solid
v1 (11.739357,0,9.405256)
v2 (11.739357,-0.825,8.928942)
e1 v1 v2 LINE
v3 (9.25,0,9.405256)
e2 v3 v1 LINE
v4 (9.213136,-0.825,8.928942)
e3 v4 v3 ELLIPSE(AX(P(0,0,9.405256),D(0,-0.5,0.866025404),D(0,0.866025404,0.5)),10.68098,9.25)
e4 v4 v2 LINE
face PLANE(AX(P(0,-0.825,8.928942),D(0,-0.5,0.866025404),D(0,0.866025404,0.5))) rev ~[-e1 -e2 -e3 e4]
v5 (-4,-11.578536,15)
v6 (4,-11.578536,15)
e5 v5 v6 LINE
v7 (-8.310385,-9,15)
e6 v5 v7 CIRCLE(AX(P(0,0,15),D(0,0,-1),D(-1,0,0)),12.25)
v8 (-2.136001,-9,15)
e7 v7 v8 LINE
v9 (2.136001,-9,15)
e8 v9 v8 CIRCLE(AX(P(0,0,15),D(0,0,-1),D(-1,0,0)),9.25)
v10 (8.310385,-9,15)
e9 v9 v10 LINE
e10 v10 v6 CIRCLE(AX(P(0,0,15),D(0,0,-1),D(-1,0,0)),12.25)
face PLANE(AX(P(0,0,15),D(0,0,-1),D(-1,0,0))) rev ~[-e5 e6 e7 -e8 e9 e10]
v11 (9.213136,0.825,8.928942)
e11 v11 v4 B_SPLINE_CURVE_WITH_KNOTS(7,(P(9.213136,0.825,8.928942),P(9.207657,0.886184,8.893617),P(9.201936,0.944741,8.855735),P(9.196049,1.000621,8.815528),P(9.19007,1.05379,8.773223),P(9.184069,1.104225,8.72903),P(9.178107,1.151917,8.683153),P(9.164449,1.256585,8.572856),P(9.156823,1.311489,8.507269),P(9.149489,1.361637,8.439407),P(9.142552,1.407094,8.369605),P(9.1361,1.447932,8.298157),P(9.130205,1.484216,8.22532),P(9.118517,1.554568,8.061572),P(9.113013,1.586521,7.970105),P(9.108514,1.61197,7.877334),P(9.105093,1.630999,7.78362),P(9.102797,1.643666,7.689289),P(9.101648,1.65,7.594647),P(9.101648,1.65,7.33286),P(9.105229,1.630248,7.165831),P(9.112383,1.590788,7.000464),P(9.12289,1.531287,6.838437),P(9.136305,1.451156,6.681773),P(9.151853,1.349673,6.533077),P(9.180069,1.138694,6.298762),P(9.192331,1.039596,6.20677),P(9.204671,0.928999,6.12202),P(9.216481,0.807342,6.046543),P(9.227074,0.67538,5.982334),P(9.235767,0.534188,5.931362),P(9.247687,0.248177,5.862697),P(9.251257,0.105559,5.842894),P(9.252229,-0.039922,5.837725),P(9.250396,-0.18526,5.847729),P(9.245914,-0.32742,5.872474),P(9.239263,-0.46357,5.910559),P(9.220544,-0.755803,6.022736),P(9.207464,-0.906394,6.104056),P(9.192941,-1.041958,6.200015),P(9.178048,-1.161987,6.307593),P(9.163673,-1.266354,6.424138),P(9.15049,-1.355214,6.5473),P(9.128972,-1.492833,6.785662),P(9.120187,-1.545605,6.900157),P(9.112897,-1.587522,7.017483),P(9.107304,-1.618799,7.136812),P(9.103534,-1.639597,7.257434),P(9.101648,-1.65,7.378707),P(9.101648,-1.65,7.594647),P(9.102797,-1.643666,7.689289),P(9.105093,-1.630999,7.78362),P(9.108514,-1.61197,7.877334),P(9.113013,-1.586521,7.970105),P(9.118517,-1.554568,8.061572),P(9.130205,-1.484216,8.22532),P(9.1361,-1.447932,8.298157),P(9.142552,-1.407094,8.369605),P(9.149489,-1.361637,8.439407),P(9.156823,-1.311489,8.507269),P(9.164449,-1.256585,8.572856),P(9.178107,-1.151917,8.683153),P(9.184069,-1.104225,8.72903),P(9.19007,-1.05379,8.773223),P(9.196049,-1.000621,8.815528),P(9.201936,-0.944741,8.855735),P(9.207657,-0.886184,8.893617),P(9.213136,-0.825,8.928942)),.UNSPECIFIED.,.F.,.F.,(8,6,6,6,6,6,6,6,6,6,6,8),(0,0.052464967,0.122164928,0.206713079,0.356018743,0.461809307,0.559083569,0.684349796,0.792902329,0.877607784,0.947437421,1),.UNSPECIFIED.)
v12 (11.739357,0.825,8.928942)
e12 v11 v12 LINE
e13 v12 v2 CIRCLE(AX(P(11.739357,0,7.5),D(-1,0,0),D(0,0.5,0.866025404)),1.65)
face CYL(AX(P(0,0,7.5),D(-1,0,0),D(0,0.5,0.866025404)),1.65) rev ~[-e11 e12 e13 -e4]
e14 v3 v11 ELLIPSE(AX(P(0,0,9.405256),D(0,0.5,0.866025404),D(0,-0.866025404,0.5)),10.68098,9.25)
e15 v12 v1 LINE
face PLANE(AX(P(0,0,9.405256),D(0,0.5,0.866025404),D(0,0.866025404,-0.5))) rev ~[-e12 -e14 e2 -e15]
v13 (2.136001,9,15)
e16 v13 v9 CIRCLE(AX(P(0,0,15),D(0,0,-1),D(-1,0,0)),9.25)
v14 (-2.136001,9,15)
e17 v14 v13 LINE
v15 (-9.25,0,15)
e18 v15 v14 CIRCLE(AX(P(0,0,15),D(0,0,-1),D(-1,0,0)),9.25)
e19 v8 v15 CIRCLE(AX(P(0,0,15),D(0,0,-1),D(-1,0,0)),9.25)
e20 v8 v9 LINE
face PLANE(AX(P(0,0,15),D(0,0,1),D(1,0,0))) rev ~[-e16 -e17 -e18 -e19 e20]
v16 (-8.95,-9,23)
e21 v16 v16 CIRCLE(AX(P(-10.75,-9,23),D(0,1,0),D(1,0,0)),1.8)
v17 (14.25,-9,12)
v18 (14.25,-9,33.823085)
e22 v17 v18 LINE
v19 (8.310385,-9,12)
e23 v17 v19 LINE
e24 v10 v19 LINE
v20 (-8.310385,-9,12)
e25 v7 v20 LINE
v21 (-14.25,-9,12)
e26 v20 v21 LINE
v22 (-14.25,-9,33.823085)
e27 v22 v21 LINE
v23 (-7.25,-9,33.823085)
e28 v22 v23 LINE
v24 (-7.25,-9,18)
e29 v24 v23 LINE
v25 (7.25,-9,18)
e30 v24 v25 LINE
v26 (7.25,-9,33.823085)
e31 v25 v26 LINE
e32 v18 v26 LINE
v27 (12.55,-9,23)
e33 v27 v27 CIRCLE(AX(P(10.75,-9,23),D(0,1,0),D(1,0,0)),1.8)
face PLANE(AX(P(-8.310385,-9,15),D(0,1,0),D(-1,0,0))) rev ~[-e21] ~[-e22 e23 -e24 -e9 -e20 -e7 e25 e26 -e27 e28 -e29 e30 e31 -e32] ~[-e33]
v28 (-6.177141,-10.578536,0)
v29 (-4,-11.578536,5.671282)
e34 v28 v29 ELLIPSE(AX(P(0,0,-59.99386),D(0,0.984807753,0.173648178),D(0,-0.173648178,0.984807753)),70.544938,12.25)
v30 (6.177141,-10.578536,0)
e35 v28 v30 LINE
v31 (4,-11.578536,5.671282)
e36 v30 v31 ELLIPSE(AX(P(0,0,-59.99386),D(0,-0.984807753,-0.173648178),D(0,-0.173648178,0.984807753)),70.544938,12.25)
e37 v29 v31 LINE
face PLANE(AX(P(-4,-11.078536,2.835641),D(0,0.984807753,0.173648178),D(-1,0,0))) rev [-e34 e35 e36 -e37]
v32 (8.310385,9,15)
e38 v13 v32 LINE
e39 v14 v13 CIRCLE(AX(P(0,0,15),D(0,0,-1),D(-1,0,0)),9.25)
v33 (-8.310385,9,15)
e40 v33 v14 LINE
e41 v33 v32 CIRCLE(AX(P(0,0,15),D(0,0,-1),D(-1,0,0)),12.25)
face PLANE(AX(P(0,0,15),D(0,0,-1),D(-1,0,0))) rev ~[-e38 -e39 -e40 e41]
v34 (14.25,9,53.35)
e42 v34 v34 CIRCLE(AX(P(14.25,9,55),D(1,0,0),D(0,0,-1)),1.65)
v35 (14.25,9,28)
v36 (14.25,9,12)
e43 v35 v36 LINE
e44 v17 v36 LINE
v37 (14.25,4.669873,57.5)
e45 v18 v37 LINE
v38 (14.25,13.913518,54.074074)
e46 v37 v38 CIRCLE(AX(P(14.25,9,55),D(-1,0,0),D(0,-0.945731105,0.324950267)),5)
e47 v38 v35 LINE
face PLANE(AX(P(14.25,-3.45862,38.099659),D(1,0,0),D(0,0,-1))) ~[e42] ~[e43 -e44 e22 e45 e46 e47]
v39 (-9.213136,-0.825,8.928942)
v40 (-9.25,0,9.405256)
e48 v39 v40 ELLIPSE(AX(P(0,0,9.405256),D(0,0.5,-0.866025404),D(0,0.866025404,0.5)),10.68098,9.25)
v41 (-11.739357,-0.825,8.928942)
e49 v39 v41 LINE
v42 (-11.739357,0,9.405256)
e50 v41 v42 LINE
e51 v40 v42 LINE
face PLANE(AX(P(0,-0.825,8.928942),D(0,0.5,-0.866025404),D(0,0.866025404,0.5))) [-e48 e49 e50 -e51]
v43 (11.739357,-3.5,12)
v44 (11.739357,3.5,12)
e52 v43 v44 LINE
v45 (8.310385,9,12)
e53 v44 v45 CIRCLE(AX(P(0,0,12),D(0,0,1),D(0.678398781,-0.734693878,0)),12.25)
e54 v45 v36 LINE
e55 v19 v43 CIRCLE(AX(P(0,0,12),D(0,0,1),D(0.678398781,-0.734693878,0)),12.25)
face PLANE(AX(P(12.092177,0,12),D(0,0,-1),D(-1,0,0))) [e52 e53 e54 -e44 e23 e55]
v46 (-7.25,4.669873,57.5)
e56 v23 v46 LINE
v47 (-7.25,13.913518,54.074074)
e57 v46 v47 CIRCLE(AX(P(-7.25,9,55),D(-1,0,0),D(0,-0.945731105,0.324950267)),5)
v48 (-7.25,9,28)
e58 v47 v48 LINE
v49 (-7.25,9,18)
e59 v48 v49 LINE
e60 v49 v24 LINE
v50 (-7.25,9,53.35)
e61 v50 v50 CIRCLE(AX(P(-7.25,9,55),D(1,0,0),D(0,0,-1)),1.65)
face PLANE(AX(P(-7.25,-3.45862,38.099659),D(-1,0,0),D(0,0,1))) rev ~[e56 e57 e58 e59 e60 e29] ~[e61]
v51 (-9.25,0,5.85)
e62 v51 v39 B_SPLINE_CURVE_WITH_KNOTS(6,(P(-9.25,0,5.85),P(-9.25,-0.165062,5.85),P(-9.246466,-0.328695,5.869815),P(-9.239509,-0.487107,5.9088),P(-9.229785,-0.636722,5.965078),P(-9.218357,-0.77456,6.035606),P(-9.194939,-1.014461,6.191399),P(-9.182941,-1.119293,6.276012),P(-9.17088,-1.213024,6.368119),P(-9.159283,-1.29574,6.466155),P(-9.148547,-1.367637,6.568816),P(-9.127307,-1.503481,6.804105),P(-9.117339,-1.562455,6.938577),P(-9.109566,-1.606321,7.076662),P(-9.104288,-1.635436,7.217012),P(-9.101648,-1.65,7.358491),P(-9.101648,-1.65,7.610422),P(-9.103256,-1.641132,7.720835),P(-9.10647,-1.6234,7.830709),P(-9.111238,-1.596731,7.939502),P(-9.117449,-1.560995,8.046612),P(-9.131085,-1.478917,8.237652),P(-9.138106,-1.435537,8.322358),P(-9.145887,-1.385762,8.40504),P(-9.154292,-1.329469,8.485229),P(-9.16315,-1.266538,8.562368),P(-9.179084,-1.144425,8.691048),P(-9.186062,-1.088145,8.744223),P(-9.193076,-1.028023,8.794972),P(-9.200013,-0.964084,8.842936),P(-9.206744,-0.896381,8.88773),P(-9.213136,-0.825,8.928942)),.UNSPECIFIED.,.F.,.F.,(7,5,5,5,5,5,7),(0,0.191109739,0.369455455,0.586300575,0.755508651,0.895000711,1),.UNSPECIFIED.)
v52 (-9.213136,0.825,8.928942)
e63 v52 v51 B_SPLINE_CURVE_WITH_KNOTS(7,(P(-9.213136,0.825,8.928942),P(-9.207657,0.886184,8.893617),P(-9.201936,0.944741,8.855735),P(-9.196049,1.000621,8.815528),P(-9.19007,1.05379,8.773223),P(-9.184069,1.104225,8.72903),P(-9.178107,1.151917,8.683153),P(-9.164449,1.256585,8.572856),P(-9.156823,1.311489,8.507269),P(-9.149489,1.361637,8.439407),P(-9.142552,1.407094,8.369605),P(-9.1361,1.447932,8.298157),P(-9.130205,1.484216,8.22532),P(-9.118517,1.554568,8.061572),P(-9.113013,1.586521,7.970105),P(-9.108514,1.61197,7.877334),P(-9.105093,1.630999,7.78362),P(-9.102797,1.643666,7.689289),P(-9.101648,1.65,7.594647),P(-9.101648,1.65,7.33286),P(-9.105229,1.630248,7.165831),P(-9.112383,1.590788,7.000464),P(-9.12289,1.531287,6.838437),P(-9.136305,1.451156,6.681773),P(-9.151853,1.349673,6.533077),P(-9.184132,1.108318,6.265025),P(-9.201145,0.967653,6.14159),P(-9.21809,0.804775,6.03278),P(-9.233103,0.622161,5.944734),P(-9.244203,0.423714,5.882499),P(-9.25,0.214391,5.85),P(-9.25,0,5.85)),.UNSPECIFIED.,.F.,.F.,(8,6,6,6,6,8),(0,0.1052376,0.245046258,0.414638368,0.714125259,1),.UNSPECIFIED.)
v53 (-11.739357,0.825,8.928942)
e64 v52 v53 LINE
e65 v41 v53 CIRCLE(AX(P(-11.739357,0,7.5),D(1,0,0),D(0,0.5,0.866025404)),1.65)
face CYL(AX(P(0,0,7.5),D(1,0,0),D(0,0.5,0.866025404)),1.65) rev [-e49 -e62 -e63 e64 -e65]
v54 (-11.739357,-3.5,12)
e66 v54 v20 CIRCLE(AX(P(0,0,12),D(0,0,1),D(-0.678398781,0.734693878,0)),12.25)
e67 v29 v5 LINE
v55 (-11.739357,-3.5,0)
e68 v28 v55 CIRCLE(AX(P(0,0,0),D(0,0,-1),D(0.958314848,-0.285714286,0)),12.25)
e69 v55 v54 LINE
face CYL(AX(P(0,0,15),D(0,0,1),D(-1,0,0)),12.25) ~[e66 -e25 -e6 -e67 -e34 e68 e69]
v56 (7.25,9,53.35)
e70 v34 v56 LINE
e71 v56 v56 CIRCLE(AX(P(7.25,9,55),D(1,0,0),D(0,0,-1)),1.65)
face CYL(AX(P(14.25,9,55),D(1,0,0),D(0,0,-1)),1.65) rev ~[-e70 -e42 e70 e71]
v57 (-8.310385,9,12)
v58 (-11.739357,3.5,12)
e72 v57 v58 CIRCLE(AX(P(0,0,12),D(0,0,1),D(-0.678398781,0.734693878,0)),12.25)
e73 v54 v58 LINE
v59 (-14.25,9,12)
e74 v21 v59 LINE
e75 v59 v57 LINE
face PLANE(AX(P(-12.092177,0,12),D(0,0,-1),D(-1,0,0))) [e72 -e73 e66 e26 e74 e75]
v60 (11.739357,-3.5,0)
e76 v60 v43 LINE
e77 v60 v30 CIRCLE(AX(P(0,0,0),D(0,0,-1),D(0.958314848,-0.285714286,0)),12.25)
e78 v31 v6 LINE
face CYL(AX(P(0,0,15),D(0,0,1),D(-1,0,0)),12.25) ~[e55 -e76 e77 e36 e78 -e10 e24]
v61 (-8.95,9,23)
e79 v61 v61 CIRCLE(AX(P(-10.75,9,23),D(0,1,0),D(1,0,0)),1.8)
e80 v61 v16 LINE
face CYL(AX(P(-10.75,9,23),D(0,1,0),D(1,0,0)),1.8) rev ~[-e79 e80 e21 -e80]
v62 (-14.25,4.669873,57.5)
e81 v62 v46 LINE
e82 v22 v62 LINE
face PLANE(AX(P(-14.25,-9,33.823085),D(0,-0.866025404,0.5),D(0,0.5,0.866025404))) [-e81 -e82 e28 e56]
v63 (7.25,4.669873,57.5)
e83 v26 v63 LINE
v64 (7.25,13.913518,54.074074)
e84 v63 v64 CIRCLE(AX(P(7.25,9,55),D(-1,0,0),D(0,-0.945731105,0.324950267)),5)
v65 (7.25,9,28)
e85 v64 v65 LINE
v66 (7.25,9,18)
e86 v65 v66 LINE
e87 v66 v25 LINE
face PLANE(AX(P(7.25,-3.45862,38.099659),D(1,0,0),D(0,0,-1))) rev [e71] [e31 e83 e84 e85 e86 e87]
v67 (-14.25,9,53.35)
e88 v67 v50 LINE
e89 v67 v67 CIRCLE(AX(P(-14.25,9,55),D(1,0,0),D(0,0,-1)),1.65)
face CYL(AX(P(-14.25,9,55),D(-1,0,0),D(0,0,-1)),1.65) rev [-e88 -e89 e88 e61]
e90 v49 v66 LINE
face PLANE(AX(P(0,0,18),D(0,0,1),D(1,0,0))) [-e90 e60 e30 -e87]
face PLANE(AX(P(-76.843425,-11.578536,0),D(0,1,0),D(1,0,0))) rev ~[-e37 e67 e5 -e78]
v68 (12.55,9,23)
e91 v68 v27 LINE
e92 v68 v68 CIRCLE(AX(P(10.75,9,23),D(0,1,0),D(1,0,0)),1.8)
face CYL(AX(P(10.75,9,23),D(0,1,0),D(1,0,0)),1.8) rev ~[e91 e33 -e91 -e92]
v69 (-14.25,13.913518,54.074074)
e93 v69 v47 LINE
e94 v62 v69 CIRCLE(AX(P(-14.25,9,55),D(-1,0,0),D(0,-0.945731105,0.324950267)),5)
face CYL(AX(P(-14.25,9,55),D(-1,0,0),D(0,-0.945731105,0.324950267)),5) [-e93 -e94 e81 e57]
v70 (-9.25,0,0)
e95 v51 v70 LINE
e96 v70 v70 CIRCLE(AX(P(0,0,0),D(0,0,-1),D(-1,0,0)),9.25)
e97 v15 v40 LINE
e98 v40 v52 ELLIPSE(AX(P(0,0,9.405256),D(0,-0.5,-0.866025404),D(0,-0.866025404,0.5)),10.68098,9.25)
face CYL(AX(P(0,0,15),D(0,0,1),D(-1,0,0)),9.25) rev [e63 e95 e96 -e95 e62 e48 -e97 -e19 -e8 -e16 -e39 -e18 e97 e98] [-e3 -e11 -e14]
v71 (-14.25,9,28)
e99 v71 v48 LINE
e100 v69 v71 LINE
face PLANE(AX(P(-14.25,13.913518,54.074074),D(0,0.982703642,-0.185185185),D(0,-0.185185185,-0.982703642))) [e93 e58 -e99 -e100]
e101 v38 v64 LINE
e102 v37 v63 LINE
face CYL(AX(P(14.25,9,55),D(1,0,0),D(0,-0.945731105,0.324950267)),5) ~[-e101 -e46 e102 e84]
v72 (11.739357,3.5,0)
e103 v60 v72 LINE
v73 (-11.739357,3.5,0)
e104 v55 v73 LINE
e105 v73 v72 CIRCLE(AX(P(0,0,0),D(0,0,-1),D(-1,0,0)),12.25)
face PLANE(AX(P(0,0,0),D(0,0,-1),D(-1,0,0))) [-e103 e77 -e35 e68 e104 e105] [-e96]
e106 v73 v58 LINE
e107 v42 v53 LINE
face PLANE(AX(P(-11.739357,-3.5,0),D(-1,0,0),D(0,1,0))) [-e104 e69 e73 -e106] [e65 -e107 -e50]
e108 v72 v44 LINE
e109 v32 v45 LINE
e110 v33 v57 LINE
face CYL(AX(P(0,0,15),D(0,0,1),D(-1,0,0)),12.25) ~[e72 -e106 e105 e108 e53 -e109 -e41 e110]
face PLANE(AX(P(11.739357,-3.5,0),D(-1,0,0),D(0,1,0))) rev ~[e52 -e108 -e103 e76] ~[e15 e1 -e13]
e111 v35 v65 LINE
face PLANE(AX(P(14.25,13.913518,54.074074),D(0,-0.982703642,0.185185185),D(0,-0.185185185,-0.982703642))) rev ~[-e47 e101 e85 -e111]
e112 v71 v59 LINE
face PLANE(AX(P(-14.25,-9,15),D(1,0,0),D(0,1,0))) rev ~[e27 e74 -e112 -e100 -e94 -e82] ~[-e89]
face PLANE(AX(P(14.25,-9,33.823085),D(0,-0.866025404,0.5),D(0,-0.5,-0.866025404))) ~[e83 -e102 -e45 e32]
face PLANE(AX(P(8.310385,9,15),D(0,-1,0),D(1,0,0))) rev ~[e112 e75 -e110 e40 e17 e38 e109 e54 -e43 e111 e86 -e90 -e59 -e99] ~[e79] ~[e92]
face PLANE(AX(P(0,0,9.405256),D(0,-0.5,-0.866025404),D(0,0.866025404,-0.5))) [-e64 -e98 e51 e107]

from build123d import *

# Parameters (mm, degrees)
SKETCH_1_R               = 6.325
EXTRUDE_1_DEPTH          = 15
SKETCH_2_W               = 28.5
SKETCH_2_H               = 18
EXTRUDE_2_DEPTH          = 3
EXTRUDE_START            = 14.25
SKETCH_4_R               = 1.65
EXTRUDE_3_DEPTH          = 7
EXTRUDE_START_2          = -14.25
SKETCH_4_2_R             = 1.65
EXTRUDE_4_DEPTH          = 7
EXTRUDE_5_DEPTH          = 7
SKETCH_7_R               = 1.8
CUT_EXTRUDE_1_DEPTH      = 19
CUT_EXTRUDE_3_DEPTH      = 1
CUT_EXTRUDE_3_DEPTH_BACK = 29.5
SKETCH_10_R              = 12.25
SKETCH_10_R_2            = 9.25
EXTRUDE_6_DEPTH          = 15
EXTRUDE_7_DEPTH          = 3
CUT_EXTRUDE_4_DEPTH      = 15.25
CUT_EXTRUDE_4_DEPTH_BACK = 15.25
SKETCH_13_W              = 7.383863518
SKETCH_13_H              = 7
CUT_EXTRUDE_5_DEPTH      = 12
CUT_EXTRUDE_6_DEPTH      = 1.0000001
CUT_EXTRUDE_6_DEPTH_BACK = 61
CHAMFER_3_SIZE           = 1
CHAMFER_3_SIZE2          = 5.67128182


with BuildPart() as part:
    # ｽｹｯﾁ1 → ﾎﾞｽ - 押し出し1 (new body)
    with BuildSketch(Plane.XY):
        Circle(SKETCH_1_R)
    extrude(amount=EXTRUDE_1_DEPTH)

    # ｽｹｯﾁ2 → ﾎﾞｽ - 押し出し2 (add)
    with BuildSketch(Plane.XY.offset(15)):
        Rectangle(SKETCH_2_W, SKETCH_2_H)
    extrude(amount=EXTRUDE_2_DEPTH)

    # ｽｹｯﾁ4 → ﾎﾞｽ - 押し出し3 (add)
    with BuildSketch(Plane(origin=(0, 0, 0), x_dir=(0, 0, -1), z_dir=(1, 0, 0)).offset(EXTRUDE_START)):
        with BuildLine():
            Line((-54.074074074, 13.913518208), (-28, 9))
            Line((-28, 9), (-18, 9))
            Line((-18, 9), (-18, -9))
            Line((-18, -9), (-56.624751337, 4.271344473))
            ThreePointArc((-56.624751337, 4.271344473), (-59.833732287, 10.278683768), (-54.074074074, 13.913518208))
        make_face()
        with Locations((-55, 9)):
            Circle(SKETCH_4_R, mode=Mode.SUBTRACT)
    extrude(amount=-EXTRUDE_3_DEPTH)

    # ｽｹｯﾁ4<2> → ﾎﾞｽ - 押し出し4 (add)
    with BuildSketch(Plane(origin=(0, 0, 0), x_dir=(0, 0, -1), z_dir=(1, 0, 0)).offset(EXTRUDE_START_2)):
        with BuildLine():
            Line((-54.074074074, 13.913518208), (-28, 9))
            Line((-28, 9), (-18, 9))
            Line((-18, 9), (-18, -9))
            Line((-18, -9), (-56.624751337, 4.271344473))
            ThreePointArc((-56.624751337, 4.271344473), (-59.833732287, 10.278683768), (-54.074074074, 13.913518208))
        make_face()
        with Locations((-55, 9)):
            Circle(SKETCH_4_2_R, mode=Mode.SUBTRACT)
    extrude(amount=EXTRUDE_4_DEPTH)

    # ｽｹｯﾁ5 → ﾎﾞｽ - 押し出し5 (add)
    with BuildSketch(Plane.ZY.offset(14.25)):
        with BuildLine():
            Line((18, -9), (33.823085464, -9))
            Line((33.823085464, -9), (57.5, 4.669872981))
            ThreePointArc((57.5, 4.669872981), (57.071979643, 4.44951647), (56.624751337, 4.271344473))
            Line((56.624751337, 4.271344473), (18, -9))
        make_face()
    extrude_5 = extrude(amount=-EXTRUDE_5_DEPTH)

    # ﾐﾗｰ1: ﾎﾞｽ - 押し出し5 across plane
    add(extrude_5.mirror(Plane(origin=(0, 0, 0), x_dir=(0, 0, 1), z_dir=(1, 0, 0))))

    # ｽｹｯﾁ7 → ｶｯﾄ - 押し出し1 (cut, through all)
    with BuildSketch(Plane(origin=(0, 9, 0), x_dir=(1, 0, 0), z_dir=(0, 1, 0))):
        with Locations((10.75, -23)):
            Circle(SKETCH_7_R)
        with Locations((-10.75, -23)):
            Circle(SKETCH_7_R)
    extrude(amount=-CUT_EXTRUDE_1_DEPTH, mode=Mode.SUBTRACT)

    # ｽｹｯﾁ9 → ｶｯﾄ - 押し出し3 (cut, two sides)
    with BuildSketch(Plane(origin=(14.25, 0, 0), x_dir=(0, 0, -1), z_dir=(1, 0, 0))) as cut_extrude_3_sk:
        Polygon((-15, 127.875853754), (-15, 12.993387334), (-15, -12.927364159), (-15, -127.809830579), (214.76493284, -127.809830579), (214.76493284, 127.875853754), align=None)
    extrude(amount=CUT_EXTRUDE_3_DEPTH, mode=Mode.SUBTRACT)
    extrude(cut_extrude_3_sk.sketch, amount=-CUT_EXTRUDE_3_DEPTH_BACK, mode=Mode.SUBTRACT)

    # ｽｹｯﾁ10 → ﾎﾞｽ - 押し出し6 (add)
    with BuildSketch(Plane(origin=(0, 0, 15), x_dir=(-1, 0, 0), z_dir=(0, 0, -1))):
        Circle(SKETCH_10_R)
        Circle(SKETCH_10_R_2, mode=Mode.SUBTRACT)
    extrude(amount=EXTRUDE_6_DEPTH)

    # ｽｹｯﾁ11 → ﾎﾞｽ - 押し出し7 (add)
    with BuildSketch(Plane(origin=(0, 0, 15), x_dir=(-1, 0, 0), z_dir=(0, 0, -1))):
        with BuildLine():
            Line((8.310385069, -9), (14.25, -9))
            Line((14.25, -9), (14.25, 9))
            Line((14.25, 9), (8.310385069, 9))
            ThreePointArc((8.310385069, 9), (12.25, 0), (8.310385069, -9))
        make_face()
        with BuildLine():
            Line((-8.310385069, 9), (-14.25, 9))
            Line((-14.25, 9), (-14.25, -9))
            Line((-14.25, -9), (-8.310385069, -9))
            ThreePointArc((-8.310385069, -9), (-12.25, 0), (-8.310385069, 9))
        make_face()
    extrude(amount=EXTRUDE_7_DEPTH)

    # ｽｹｯﾁ12 → ｶｯﾄ - 押し出し4 (cut, two sides)
    with BuildSketch(Plane(origin=(0, 0, 0), x_dir=(0, 0, -1), z_dir=(1, 0, 0))) as cut_extrude_4_sk:
        with BuildLine():
            Line((-9.405255888, 0), (-8.928941916, 0.825))
            ThreePointArc((-8.928941916, 0.825), (-5.85, 0), (-8.928941916, -0.825))
            Line((-8.928941916, -0.825), (-9.405255888, 0))
        make_face()
    extrude(amount=CUT_EXTRUDE_4_DEPTH, mode=Mode.SUBTRACT)
    extrude(cut_extrude_4_sk.sketch, amount=-CUT_EXTRUDE_4_DEPTH_BACK, mode=Mode.SUBTRACT)

    # ｽｹｯﾁ13 → ｶｯﾄ - 押し出し5 (cut)
    with BuildSketch(Plane(origin=(0, 0, 0), x_dir=(-1, 0, 0), z_dir=(0, 0, -1))):
        with Locations((15.431288641, 0)):
            Rectangle(SKETCH_13_W, SKETCH_13_H)
        with Locations((-15.431288641, 0)):
            Rectangle(SKETCH_13_W, SKETCH_13_H)
    extrude(amount=-CUT_EXTRUDE_5_DEPTH, mode=Mode.SUBTRACT)

    # ｽｹｯﾁ14 → ｶｯﾄ - 押し出し6 (cut, two sides)
    with BuildSketch(Plane(origin=(0, 0, 0), x_dir=(-1, 0, 0), z_dir=(0, 0, -1))) as cut_extrude_6_sk:
        Polygon((76.843424889, -11.578536177), (4, -11.578536177), (-4, -11.578536177), (-76.843424889, -11.578536177), (-76.843424889, -157.265385955), (76.843424889, -157.265385955), align=None)
    extrude(amount=CUT_EXTRUDE_6_DEPTH, mode=Mode.SUBTRACT)
    extrude(cut_extrude_6_sk.sketch, amount=-CUT_EXTRUDE_6_DEPTH_BACK, mode=Mode.SUBTRACT)

    # 面取り3
    chamfer_3_edges = [part.edges().sort_by_distance(p)[0] for p in [
        (0, -11.578536177, 0),
    ]]
    chamfer_3_side = [part.faces().sort_by_distance(p)[0] for p in [
        (-11.404834964, 0, 0),
    ]]
    chamfer(chamfer_3_edges, length=CHAMFER_3_SIZE, length2=CHAMFER_3_SIZE2, reference=chamfer_3_side[0])


solid = part.part
